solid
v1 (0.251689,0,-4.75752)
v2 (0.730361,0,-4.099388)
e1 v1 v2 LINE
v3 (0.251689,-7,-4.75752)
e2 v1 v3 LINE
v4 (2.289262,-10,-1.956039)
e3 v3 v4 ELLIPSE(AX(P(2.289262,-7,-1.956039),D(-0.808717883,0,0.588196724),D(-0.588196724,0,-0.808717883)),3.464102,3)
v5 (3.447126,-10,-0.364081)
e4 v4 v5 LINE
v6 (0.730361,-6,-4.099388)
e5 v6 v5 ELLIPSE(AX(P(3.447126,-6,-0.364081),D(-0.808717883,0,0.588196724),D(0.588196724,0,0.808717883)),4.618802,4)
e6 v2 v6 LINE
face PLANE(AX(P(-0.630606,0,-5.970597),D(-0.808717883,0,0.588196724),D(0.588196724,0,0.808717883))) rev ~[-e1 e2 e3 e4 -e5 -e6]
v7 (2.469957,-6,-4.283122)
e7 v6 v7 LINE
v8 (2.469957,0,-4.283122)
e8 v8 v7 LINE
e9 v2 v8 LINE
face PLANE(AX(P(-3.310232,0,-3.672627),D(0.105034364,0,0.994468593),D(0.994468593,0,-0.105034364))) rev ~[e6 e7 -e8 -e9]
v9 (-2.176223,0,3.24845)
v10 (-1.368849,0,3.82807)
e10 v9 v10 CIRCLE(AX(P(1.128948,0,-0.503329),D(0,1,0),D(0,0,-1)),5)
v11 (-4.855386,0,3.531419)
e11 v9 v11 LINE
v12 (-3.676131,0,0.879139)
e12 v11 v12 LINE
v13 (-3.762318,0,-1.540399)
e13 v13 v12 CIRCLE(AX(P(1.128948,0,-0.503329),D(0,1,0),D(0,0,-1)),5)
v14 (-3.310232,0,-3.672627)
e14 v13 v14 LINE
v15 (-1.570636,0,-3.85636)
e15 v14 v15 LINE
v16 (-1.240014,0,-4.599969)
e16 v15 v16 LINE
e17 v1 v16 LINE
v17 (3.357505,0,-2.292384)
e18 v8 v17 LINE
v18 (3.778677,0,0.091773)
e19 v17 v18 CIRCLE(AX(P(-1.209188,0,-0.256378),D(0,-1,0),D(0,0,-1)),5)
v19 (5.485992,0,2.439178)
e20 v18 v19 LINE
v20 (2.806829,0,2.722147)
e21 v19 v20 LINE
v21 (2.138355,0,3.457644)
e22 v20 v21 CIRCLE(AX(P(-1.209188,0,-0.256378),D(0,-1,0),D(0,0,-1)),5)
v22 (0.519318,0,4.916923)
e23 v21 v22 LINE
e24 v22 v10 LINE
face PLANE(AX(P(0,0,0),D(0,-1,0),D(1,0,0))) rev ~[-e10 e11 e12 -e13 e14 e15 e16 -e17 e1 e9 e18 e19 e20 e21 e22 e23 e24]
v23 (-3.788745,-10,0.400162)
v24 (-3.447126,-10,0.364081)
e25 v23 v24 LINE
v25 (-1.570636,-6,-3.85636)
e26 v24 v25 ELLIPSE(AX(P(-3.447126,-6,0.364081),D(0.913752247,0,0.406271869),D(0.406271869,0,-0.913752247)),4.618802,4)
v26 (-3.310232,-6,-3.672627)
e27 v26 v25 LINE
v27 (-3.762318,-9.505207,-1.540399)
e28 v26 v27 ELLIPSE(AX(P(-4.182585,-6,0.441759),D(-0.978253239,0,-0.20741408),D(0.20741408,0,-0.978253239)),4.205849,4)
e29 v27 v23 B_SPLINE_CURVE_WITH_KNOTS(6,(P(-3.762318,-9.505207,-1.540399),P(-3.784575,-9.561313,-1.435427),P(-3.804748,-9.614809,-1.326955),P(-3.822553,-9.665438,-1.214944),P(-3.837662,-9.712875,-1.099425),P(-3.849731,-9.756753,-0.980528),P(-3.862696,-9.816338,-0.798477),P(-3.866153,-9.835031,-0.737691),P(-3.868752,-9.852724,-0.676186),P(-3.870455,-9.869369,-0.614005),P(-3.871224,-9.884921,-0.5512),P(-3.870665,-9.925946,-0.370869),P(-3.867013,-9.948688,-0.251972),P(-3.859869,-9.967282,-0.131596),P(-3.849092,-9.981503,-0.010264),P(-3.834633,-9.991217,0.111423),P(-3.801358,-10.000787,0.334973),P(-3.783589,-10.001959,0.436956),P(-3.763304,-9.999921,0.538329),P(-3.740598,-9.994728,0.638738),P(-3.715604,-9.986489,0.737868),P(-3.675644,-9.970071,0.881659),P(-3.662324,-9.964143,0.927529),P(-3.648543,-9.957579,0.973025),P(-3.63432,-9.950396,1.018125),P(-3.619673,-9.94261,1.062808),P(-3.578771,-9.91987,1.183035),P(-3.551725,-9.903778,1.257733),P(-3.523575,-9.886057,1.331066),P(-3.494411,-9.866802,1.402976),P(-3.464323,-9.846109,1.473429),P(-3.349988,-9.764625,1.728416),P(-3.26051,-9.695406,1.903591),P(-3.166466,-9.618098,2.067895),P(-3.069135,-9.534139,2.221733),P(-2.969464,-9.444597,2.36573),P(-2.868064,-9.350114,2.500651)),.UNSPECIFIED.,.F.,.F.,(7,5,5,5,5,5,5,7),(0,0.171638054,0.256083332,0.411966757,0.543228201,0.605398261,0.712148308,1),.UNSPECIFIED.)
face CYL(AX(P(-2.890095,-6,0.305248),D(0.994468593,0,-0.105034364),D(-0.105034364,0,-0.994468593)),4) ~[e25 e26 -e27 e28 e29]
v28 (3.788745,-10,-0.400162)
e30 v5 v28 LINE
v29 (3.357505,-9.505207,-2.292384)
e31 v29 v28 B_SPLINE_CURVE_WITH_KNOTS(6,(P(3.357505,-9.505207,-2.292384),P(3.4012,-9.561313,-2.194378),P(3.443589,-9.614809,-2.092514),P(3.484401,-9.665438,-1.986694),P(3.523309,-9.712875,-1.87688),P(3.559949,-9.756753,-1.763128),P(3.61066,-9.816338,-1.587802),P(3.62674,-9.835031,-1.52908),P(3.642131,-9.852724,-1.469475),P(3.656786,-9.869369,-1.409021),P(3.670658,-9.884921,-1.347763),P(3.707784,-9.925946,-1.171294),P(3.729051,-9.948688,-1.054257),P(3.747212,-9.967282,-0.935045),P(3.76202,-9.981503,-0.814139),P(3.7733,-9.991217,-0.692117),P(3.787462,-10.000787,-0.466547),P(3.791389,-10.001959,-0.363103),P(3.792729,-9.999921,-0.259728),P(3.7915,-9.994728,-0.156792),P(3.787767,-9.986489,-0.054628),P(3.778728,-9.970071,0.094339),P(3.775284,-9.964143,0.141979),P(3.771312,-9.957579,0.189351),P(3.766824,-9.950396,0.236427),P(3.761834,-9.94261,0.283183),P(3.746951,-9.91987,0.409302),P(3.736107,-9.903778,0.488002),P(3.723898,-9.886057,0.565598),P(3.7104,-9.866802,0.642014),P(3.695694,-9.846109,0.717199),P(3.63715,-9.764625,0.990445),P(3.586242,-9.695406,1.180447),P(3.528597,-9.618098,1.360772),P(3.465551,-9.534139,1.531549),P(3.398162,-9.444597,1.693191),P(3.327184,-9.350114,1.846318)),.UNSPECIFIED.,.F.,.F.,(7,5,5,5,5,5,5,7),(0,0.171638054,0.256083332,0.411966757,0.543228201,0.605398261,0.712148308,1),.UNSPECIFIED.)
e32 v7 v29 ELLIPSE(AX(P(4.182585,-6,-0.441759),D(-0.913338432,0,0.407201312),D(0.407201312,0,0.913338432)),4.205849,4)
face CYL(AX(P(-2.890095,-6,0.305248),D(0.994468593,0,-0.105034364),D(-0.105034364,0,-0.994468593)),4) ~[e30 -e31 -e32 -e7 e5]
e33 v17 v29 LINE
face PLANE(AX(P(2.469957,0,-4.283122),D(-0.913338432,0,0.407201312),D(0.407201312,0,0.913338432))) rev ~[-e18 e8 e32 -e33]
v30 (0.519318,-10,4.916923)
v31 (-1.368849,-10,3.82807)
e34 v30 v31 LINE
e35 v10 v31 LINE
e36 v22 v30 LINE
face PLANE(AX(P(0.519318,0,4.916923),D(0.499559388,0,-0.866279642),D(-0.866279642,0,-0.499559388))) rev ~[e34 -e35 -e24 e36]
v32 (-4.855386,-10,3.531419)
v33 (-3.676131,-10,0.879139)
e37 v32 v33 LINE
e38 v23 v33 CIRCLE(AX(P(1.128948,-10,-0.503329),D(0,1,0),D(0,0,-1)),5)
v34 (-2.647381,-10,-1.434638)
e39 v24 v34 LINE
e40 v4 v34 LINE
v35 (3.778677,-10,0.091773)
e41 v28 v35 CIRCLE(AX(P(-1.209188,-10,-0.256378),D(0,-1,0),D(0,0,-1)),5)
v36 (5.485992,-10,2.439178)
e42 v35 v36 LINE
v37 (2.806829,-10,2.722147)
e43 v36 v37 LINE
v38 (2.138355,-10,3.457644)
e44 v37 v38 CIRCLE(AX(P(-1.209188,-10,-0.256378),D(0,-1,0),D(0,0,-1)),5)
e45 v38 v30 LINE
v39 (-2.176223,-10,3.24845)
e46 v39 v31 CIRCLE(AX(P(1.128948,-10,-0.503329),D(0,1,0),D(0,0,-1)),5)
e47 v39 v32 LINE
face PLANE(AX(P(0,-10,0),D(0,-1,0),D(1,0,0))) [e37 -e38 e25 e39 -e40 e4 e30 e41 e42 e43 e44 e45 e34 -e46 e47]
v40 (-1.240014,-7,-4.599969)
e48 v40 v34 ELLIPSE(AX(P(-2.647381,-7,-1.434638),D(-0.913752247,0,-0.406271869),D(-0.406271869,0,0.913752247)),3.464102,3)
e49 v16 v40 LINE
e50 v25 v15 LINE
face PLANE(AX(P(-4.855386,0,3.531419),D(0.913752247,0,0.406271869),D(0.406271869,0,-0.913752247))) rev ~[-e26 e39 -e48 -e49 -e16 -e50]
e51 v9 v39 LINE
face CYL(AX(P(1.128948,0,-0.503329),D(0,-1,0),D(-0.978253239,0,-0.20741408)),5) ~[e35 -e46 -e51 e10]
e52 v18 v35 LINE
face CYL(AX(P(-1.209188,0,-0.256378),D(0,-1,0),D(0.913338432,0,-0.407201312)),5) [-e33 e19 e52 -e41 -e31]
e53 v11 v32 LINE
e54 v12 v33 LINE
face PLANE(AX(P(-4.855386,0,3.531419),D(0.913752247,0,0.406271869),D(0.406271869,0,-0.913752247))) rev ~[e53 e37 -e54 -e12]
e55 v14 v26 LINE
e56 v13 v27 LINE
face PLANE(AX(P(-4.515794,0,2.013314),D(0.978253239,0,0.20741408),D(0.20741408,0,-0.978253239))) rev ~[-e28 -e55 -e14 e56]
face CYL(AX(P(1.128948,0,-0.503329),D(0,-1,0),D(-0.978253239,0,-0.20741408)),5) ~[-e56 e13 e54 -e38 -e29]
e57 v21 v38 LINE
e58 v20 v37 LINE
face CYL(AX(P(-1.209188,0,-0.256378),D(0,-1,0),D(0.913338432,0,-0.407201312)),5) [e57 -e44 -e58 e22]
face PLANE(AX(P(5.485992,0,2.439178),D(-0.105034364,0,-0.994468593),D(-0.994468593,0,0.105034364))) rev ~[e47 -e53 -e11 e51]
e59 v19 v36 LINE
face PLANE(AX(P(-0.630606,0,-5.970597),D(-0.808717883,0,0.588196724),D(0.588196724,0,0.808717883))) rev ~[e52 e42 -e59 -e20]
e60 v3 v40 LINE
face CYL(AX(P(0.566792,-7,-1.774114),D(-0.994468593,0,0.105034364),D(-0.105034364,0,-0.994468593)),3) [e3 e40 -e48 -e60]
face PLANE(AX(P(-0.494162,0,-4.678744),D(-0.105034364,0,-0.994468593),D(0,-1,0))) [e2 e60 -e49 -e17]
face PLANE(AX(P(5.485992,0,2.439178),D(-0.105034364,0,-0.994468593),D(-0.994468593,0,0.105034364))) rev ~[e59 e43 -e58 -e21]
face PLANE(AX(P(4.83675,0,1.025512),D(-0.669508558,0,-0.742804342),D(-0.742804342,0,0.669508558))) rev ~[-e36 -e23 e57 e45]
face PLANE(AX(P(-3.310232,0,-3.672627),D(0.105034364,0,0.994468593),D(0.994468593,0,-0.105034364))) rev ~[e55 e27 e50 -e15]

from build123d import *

# Parameters (mm, degrees)
F1_DEPTH = 10
F2_R     = 4
F3_R     = 5
F4_R     = 5
F6_DEPTH = 10
F7_SIZE  = 1.5
F8_R     = 3


with BuildPart() as f1:
    # F0 (on Front) → F1 (new body)
    with BuildSketch(Plane.XZ):
        Polygon((4.8367500103, 1.0255116078), (0.5193184536, 4.9169231297), (-4.515793555, 2.0133140065), (-3.3102323568, -3.6726266437), (2.4699574478, -4.2831221003), align=None)
    extrude(amount=F1_DEPTH)

    # F2
    f2_edges = [f1.edges().sort_by_distance(p)[0] for p in [
        (-0.420137, -10, -3.977874),
    ]]
    fillet(f2_edges, radius=F2_R)

    # F3
    f3_edges = [f1.edges().sort_by_distance(p)[0] for p in [
        (4.83675, -5, 1.025512),
    ]]
    fillet(f3_edges, radius=F3_R)

    # F4
    f4_edges = [f1.edges().sort_by_distance(p)[0] for p in [
        (-4.515794, -5, 2.013314),
    ]]
    fillet(f4_edges, radius=F4_R)

    # F5 (on Front) → F6 (join)
    with BuildSketch(Plane.XZ):
        Polygon((5.4859916503, 2.4391776778), (-4.8553856584, 3.5314192952), (-0.6306059919, -5.970596973), align=None)
    extrude(amount=F6_DEPTH)

    # F7
    f7_edges = [f1.edges().sort_by_distance(p)[0] for p in [
        (-0.630606, -5, -5.970597),
    ]]
    chamfer(f7_edges, length=F7_SIZE)

    # F8
    f8_edges = [f1.edges().sort_by_distance(p)[0] for p in [
        (-0.494162, -10, -4.678744),
    ]]
    fillet(f8_edges, radius=F8_R)


solid = f1.part
